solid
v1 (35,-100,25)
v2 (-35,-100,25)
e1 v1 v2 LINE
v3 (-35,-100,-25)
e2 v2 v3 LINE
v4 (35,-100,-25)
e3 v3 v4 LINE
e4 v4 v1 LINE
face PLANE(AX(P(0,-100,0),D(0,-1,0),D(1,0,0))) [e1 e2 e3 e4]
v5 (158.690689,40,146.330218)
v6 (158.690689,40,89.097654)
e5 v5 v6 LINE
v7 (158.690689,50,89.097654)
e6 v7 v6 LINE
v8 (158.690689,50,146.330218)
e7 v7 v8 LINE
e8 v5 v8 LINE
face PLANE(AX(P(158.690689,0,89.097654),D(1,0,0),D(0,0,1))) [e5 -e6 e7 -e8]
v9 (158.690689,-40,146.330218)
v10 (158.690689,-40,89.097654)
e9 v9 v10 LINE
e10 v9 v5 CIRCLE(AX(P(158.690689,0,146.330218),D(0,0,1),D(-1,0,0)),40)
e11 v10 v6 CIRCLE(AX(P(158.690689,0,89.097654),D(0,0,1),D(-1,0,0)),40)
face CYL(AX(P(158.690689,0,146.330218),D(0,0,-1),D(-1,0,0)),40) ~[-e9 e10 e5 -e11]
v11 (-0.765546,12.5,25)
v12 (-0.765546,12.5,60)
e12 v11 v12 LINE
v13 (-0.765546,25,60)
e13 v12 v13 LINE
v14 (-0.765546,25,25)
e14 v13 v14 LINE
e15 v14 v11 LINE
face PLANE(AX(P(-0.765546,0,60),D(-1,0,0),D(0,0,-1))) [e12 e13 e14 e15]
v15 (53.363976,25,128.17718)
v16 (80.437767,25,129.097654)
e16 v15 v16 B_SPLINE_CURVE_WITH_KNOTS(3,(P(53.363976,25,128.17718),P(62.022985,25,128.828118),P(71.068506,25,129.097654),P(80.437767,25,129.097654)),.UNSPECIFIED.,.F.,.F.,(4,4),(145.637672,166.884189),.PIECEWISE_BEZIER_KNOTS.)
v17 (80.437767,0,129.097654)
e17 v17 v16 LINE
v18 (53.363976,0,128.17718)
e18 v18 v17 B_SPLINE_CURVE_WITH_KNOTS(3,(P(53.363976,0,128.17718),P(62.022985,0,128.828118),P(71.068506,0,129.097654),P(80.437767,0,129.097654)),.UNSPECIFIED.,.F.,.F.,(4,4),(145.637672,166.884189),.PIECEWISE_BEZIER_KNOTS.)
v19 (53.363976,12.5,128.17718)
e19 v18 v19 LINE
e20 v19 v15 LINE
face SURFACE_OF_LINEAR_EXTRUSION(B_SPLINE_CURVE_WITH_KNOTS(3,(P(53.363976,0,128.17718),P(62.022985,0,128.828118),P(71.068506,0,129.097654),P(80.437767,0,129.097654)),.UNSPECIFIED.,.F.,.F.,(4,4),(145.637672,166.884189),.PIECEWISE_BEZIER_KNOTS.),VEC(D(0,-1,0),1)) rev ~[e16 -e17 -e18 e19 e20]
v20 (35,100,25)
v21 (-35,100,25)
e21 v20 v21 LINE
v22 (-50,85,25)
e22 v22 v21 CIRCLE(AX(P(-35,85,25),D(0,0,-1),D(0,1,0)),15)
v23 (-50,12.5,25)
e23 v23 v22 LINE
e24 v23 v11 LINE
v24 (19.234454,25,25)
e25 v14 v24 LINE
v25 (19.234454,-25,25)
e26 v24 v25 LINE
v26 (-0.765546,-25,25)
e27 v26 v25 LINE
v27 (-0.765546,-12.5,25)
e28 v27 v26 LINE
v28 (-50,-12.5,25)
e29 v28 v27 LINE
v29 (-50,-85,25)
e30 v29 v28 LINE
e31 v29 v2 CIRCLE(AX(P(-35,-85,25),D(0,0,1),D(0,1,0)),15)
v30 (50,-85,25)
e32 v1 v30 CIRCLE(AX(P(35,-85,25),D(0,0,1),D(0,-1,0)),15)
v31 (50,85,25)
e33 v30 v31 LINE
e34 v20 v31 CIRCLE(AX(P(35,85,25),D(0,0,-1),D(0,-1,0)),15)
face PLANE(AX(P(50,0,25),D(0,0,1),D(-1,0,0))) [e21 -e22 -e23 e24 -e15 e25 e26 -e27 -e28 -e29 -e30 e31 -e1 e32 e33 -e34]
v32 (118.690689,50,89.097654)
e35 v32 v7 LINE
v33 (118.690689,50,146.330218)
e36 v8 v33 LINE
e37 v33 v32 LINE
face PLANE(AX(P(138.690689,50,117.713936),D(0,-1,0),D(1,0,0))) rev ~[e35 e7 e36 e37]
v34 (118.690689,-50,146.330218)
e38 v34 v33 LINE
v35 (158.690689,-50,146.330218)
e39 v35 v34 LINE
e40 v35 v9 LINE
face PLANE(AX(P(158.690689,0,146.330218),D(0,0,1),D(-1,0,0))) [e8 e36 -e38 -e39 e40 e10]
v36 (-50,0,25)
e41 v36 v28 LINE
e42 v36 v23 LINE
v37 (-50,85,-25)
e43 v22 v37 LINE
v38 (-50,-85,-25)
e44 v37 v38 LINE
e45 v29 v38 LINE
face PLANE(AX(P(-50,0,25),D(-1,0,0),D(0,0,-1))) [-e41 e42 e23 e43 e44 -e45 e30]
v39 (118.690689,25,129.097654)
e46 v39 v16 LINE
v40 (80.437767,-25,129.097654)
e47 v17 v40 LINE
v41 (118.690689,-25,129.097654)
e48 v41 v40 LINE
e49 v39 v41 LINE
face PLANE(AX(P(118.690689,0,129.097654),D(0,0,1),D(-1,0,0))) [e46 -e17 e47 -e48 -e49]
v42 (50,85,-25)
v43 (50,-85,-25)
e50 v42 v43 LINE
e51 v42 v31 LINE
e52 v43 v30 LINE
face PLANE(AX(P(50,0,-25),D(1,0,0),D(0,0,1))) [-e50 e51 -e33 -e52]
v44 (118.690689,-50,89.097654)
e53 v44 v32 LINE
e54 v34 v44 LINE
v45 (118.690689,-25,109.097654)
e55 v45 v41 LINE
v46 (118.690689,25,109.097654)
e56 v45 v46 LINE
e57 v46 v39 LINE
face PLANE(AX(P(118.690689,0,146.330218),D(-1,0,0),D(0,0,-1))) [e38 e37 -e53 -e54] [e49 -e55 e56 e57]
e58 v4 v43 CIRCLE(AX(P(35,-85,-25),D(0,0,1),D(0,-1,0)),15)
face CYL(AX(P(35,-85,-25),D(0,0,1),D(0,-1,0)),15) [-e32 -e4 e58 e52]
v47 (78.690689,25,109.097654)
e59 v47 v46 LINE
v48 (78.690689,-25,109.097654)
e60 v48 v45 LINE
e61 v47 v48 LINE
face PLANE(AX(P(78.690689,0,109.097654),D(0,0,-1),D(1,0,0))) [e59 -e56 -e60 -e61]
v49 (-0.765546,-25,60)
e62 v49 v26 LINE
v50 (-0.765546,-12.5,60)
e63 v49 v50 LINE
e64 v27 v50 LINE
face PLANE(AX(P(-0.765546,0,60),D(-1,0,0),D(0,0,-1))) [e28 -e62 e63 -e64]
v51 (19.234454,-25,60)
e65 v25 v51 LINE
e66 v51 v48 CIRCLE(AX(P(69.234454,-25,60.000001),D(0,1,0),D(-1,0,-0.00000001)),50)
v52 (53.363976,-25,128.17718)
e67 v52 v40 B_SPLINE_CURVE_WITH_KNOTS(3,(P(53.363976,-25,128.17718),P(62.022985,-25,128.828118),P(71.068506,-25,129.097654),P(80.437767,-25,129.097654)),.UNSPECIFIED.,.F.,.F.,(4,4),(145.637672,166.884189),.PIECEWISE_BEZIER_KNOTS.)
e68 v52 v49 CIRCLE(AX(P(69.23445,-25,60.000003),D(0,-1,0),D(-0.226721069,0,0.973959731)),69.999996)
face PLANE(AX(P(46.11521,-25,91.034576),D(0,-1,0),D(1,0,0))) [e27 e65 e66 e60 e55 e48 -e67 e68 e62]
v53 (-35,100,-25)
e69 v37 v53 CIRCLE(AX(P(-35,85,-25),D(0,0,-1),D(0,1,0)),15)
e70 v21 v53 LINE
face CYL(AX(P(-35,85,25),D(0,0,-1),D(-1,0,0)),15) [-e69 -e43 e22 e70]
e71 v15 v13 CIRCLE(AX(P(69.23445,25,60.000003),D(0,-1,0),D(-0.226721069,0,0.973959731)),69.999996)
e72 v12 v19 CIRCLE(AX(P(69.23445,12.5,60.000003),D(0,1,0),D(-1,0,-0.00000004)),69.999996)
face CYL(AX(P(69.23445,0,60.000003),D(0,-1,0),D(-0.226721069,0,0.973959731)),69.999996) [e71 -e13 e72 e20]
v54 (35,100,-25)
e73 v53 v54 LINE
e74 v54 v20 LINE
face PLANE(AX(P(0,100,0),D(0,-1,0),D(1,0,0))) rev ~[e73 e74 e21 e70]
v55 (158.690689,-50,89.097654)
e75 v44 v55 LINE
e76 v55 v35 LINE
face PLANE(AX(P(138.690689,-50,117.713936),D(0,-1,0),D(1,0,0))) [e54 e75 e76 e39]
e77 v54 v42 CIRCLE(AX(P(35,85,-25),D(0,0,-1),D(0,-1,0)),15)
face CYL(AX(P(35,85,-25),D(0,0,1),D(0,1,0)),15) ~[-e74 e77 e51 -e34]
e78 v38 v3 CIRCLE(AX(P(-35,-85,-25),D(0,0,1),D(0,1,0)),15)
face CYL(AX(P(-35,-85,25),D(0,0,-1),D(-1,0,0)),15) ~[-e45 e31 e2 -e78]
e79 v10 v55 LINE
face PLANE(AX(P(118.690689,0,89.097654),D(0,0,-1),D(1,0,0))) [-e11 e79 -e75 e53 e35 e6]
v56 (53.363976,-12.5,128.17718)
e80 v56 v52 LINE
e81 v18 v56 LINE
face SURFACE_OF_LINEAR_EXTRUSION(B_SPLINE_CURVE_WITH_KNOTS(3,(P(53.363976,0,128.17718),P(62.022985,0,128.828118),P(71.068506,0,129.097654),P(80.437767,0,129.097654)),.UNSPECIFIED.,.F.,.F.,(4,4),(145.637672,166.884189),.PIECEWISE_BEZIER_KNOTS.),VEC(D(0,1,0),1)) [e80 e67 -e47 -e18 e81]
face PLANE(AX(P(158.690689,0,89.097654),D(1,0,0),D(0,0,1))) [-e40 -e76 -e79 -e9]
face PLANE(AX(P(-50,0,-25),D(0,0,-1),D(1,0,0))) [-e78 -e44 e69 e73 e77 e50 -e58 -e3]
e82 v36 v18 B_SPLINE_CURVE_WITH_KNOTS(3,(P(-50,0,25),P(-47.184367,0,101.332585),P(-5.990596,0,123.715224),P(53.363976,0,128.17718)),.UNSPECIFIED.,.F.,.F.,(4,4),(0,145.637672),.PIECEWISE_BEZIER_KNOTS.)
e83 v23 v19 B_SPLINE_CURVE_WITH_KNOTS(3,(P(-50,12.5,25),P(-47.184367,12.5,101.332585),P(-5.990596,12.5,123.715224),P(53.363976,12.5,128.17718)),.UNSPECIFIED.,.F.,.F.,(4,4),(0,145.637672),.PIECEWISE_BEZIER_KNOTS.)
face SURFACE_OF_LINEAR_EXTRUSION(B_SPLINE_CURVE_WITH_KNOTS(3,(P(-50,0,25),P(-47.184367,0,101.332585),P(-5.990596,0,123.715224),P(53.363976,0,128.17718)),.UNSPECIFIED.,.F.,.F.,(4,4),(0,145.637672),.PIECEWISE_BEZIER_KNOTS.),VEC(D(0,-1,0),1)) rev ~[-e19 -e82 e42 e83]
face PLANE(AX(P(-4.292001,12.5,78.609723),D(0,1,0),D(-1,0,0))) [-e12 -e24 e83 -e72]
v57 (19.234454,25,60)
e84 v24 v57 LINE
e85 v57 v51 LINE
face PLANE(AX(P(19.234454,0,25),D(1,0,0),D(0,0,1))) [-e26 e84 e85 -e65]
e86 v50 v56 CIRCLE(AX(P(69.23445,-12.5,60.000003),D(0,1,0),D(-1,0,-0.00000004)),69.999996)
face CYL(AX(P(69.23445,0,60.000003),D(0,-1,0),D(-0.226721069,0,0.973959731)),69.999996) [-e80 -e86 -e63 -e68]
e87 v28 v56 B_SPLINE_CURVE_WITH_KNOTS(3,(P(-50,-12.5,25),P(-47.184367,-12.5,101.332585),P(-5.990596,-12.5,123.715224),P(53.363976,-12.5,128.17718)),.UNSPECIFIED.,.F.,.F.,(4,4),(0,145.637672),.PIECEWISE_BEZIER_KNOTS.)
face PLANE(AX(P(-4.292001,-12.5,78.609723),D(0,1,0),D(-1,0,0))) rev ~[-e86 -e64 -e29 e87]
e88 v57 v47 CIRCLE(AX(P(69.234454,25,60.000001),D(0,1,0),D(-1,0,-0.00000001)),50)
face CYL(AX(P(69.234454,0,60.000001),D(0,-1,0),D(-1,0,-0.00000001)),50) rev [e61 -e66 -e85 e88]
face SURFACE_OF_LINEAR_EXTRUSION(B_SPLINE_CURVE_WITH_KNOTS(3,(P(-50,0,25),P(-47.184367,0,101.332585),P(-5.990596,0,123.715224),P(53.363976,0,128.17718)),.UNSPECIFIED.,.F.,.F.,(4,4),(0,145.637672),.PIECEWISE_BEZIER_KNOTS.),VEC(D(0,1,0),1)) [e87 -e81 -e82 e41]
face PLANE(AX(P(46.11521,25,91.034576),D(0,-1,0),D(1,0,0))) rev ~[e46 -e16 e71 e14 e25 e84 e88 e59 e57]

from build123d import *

# Parameters (mm, degrees)
F1_DEPTH = 100
F2_DEPTH = 25
F3_DEPTH = 50
F5_DEPTH = 12.5
F6_R     = 15


with BuildPart() as f1:
    # F0 (on Front) → F1 (new body, symmetric)
    with BuildSketch(Plane.XZ):
        Polygon((-50, 25), (-50, -25), (50, -25), (50, 25), (19.234454, 25), (-0.765546, 25), align=None)
    extrude(amount=F1_DEPTH, both=True)

    # F0 (on Front) → F2 (join, symmetric)
    with BuildSketch(Plane.XZ):
        with BuildLine():
            Line((-0.765546, 60), (-0.765546, 25))
            Line((-0.765546, 25), (19.234454, 25))
            Line((19.234454, 25), (19.234454, 60))
            ThreePointArc((19.234454, 60), (37.397461, 98.553935), (78.690689, 109.097654))
            Line((78.690689, 109.097654), (118.690689, 109.097654))
            Line((118.690689, 109.097654), (118.690689, 129.097654))
            Line((118.690689, 129.097654), (80.437767, 129.097654))
            add(Edge.make_bspline(
                [(53.363976, 128.17718), (62.022985, 128.828118), (71.068506, 129.097654), (80.437767, 129.097654)],
                knots=[145.637672, 145.637672, 145.637672, 145.637672, 166.884189, 166.884189, 166.884189, 166.884189], degree=3))
            ThreePointArc((53.363976, 128.17718), (14.412316, 103.526237), (-0.765546, 60))
        make_face()
    extrude(amount=F2_DEPTH, both=True)

    # F0 (on Front) → F3 (join, symmetric)
    with BuildSketch(Plane.XZ):
        Polygon((118.690689, 146.330218), (118.690689, 129.097654), (118.690689, 109.097654), (118.690689, 89.097654), (158.690689, 89.097654), (158.690689, 146.330218), align=None)
    extrude(amount=F3_DEPTH, both=True)

    # F0 (on Front) → F4 (revolve)
    with BuildSketch(Plane.XZ):
        Polygon((118.690689, 146.330218), (118.690689, 129.097654), (118.690689, 109.097654), (118.690689, 89.097654), (158.690689, 89.097654), (158.690689, 146.330218), align=None)
    revolve(axis=Axis((158.690689, 0, 117.713936), (0, 0, 1)))

    # F0 (on Front) → F5 (join, symmetric)
    with BuildSketch(Plane.XZ):
        with BuildLine():
            add(Edge.make_bspline(
                [(-50, 25), (-47.184367, 101.332585), (-5.990596, 123.715224), (53.363976, 128.17718)],
                knots=[0, 0, 0, 0, 145.637672, 145.637672, 145.637672, 145.637672], degree=3))
            Line((-50, 25), (-0.765546, 25))
            Line((-0.765546, 25), (-0.765546, 60))
            ThreePointArc((-0.765546, 60), (14.412316, 103.526237), (53.363976, 128.17718))
        make_face()
    extrude(amount=F5_DEPTH, both=True)

    # F6
    f6_edges = [f1.edges().sort_by_distance(p)[0] for p in [
        (-50, -100, 0),
        (50, -100, 0),
        (50, 100, 0),
        (-50, 100, 0),
    ]]
    fillet(f6_edges, radius=F6_R)


solid = f1.part
